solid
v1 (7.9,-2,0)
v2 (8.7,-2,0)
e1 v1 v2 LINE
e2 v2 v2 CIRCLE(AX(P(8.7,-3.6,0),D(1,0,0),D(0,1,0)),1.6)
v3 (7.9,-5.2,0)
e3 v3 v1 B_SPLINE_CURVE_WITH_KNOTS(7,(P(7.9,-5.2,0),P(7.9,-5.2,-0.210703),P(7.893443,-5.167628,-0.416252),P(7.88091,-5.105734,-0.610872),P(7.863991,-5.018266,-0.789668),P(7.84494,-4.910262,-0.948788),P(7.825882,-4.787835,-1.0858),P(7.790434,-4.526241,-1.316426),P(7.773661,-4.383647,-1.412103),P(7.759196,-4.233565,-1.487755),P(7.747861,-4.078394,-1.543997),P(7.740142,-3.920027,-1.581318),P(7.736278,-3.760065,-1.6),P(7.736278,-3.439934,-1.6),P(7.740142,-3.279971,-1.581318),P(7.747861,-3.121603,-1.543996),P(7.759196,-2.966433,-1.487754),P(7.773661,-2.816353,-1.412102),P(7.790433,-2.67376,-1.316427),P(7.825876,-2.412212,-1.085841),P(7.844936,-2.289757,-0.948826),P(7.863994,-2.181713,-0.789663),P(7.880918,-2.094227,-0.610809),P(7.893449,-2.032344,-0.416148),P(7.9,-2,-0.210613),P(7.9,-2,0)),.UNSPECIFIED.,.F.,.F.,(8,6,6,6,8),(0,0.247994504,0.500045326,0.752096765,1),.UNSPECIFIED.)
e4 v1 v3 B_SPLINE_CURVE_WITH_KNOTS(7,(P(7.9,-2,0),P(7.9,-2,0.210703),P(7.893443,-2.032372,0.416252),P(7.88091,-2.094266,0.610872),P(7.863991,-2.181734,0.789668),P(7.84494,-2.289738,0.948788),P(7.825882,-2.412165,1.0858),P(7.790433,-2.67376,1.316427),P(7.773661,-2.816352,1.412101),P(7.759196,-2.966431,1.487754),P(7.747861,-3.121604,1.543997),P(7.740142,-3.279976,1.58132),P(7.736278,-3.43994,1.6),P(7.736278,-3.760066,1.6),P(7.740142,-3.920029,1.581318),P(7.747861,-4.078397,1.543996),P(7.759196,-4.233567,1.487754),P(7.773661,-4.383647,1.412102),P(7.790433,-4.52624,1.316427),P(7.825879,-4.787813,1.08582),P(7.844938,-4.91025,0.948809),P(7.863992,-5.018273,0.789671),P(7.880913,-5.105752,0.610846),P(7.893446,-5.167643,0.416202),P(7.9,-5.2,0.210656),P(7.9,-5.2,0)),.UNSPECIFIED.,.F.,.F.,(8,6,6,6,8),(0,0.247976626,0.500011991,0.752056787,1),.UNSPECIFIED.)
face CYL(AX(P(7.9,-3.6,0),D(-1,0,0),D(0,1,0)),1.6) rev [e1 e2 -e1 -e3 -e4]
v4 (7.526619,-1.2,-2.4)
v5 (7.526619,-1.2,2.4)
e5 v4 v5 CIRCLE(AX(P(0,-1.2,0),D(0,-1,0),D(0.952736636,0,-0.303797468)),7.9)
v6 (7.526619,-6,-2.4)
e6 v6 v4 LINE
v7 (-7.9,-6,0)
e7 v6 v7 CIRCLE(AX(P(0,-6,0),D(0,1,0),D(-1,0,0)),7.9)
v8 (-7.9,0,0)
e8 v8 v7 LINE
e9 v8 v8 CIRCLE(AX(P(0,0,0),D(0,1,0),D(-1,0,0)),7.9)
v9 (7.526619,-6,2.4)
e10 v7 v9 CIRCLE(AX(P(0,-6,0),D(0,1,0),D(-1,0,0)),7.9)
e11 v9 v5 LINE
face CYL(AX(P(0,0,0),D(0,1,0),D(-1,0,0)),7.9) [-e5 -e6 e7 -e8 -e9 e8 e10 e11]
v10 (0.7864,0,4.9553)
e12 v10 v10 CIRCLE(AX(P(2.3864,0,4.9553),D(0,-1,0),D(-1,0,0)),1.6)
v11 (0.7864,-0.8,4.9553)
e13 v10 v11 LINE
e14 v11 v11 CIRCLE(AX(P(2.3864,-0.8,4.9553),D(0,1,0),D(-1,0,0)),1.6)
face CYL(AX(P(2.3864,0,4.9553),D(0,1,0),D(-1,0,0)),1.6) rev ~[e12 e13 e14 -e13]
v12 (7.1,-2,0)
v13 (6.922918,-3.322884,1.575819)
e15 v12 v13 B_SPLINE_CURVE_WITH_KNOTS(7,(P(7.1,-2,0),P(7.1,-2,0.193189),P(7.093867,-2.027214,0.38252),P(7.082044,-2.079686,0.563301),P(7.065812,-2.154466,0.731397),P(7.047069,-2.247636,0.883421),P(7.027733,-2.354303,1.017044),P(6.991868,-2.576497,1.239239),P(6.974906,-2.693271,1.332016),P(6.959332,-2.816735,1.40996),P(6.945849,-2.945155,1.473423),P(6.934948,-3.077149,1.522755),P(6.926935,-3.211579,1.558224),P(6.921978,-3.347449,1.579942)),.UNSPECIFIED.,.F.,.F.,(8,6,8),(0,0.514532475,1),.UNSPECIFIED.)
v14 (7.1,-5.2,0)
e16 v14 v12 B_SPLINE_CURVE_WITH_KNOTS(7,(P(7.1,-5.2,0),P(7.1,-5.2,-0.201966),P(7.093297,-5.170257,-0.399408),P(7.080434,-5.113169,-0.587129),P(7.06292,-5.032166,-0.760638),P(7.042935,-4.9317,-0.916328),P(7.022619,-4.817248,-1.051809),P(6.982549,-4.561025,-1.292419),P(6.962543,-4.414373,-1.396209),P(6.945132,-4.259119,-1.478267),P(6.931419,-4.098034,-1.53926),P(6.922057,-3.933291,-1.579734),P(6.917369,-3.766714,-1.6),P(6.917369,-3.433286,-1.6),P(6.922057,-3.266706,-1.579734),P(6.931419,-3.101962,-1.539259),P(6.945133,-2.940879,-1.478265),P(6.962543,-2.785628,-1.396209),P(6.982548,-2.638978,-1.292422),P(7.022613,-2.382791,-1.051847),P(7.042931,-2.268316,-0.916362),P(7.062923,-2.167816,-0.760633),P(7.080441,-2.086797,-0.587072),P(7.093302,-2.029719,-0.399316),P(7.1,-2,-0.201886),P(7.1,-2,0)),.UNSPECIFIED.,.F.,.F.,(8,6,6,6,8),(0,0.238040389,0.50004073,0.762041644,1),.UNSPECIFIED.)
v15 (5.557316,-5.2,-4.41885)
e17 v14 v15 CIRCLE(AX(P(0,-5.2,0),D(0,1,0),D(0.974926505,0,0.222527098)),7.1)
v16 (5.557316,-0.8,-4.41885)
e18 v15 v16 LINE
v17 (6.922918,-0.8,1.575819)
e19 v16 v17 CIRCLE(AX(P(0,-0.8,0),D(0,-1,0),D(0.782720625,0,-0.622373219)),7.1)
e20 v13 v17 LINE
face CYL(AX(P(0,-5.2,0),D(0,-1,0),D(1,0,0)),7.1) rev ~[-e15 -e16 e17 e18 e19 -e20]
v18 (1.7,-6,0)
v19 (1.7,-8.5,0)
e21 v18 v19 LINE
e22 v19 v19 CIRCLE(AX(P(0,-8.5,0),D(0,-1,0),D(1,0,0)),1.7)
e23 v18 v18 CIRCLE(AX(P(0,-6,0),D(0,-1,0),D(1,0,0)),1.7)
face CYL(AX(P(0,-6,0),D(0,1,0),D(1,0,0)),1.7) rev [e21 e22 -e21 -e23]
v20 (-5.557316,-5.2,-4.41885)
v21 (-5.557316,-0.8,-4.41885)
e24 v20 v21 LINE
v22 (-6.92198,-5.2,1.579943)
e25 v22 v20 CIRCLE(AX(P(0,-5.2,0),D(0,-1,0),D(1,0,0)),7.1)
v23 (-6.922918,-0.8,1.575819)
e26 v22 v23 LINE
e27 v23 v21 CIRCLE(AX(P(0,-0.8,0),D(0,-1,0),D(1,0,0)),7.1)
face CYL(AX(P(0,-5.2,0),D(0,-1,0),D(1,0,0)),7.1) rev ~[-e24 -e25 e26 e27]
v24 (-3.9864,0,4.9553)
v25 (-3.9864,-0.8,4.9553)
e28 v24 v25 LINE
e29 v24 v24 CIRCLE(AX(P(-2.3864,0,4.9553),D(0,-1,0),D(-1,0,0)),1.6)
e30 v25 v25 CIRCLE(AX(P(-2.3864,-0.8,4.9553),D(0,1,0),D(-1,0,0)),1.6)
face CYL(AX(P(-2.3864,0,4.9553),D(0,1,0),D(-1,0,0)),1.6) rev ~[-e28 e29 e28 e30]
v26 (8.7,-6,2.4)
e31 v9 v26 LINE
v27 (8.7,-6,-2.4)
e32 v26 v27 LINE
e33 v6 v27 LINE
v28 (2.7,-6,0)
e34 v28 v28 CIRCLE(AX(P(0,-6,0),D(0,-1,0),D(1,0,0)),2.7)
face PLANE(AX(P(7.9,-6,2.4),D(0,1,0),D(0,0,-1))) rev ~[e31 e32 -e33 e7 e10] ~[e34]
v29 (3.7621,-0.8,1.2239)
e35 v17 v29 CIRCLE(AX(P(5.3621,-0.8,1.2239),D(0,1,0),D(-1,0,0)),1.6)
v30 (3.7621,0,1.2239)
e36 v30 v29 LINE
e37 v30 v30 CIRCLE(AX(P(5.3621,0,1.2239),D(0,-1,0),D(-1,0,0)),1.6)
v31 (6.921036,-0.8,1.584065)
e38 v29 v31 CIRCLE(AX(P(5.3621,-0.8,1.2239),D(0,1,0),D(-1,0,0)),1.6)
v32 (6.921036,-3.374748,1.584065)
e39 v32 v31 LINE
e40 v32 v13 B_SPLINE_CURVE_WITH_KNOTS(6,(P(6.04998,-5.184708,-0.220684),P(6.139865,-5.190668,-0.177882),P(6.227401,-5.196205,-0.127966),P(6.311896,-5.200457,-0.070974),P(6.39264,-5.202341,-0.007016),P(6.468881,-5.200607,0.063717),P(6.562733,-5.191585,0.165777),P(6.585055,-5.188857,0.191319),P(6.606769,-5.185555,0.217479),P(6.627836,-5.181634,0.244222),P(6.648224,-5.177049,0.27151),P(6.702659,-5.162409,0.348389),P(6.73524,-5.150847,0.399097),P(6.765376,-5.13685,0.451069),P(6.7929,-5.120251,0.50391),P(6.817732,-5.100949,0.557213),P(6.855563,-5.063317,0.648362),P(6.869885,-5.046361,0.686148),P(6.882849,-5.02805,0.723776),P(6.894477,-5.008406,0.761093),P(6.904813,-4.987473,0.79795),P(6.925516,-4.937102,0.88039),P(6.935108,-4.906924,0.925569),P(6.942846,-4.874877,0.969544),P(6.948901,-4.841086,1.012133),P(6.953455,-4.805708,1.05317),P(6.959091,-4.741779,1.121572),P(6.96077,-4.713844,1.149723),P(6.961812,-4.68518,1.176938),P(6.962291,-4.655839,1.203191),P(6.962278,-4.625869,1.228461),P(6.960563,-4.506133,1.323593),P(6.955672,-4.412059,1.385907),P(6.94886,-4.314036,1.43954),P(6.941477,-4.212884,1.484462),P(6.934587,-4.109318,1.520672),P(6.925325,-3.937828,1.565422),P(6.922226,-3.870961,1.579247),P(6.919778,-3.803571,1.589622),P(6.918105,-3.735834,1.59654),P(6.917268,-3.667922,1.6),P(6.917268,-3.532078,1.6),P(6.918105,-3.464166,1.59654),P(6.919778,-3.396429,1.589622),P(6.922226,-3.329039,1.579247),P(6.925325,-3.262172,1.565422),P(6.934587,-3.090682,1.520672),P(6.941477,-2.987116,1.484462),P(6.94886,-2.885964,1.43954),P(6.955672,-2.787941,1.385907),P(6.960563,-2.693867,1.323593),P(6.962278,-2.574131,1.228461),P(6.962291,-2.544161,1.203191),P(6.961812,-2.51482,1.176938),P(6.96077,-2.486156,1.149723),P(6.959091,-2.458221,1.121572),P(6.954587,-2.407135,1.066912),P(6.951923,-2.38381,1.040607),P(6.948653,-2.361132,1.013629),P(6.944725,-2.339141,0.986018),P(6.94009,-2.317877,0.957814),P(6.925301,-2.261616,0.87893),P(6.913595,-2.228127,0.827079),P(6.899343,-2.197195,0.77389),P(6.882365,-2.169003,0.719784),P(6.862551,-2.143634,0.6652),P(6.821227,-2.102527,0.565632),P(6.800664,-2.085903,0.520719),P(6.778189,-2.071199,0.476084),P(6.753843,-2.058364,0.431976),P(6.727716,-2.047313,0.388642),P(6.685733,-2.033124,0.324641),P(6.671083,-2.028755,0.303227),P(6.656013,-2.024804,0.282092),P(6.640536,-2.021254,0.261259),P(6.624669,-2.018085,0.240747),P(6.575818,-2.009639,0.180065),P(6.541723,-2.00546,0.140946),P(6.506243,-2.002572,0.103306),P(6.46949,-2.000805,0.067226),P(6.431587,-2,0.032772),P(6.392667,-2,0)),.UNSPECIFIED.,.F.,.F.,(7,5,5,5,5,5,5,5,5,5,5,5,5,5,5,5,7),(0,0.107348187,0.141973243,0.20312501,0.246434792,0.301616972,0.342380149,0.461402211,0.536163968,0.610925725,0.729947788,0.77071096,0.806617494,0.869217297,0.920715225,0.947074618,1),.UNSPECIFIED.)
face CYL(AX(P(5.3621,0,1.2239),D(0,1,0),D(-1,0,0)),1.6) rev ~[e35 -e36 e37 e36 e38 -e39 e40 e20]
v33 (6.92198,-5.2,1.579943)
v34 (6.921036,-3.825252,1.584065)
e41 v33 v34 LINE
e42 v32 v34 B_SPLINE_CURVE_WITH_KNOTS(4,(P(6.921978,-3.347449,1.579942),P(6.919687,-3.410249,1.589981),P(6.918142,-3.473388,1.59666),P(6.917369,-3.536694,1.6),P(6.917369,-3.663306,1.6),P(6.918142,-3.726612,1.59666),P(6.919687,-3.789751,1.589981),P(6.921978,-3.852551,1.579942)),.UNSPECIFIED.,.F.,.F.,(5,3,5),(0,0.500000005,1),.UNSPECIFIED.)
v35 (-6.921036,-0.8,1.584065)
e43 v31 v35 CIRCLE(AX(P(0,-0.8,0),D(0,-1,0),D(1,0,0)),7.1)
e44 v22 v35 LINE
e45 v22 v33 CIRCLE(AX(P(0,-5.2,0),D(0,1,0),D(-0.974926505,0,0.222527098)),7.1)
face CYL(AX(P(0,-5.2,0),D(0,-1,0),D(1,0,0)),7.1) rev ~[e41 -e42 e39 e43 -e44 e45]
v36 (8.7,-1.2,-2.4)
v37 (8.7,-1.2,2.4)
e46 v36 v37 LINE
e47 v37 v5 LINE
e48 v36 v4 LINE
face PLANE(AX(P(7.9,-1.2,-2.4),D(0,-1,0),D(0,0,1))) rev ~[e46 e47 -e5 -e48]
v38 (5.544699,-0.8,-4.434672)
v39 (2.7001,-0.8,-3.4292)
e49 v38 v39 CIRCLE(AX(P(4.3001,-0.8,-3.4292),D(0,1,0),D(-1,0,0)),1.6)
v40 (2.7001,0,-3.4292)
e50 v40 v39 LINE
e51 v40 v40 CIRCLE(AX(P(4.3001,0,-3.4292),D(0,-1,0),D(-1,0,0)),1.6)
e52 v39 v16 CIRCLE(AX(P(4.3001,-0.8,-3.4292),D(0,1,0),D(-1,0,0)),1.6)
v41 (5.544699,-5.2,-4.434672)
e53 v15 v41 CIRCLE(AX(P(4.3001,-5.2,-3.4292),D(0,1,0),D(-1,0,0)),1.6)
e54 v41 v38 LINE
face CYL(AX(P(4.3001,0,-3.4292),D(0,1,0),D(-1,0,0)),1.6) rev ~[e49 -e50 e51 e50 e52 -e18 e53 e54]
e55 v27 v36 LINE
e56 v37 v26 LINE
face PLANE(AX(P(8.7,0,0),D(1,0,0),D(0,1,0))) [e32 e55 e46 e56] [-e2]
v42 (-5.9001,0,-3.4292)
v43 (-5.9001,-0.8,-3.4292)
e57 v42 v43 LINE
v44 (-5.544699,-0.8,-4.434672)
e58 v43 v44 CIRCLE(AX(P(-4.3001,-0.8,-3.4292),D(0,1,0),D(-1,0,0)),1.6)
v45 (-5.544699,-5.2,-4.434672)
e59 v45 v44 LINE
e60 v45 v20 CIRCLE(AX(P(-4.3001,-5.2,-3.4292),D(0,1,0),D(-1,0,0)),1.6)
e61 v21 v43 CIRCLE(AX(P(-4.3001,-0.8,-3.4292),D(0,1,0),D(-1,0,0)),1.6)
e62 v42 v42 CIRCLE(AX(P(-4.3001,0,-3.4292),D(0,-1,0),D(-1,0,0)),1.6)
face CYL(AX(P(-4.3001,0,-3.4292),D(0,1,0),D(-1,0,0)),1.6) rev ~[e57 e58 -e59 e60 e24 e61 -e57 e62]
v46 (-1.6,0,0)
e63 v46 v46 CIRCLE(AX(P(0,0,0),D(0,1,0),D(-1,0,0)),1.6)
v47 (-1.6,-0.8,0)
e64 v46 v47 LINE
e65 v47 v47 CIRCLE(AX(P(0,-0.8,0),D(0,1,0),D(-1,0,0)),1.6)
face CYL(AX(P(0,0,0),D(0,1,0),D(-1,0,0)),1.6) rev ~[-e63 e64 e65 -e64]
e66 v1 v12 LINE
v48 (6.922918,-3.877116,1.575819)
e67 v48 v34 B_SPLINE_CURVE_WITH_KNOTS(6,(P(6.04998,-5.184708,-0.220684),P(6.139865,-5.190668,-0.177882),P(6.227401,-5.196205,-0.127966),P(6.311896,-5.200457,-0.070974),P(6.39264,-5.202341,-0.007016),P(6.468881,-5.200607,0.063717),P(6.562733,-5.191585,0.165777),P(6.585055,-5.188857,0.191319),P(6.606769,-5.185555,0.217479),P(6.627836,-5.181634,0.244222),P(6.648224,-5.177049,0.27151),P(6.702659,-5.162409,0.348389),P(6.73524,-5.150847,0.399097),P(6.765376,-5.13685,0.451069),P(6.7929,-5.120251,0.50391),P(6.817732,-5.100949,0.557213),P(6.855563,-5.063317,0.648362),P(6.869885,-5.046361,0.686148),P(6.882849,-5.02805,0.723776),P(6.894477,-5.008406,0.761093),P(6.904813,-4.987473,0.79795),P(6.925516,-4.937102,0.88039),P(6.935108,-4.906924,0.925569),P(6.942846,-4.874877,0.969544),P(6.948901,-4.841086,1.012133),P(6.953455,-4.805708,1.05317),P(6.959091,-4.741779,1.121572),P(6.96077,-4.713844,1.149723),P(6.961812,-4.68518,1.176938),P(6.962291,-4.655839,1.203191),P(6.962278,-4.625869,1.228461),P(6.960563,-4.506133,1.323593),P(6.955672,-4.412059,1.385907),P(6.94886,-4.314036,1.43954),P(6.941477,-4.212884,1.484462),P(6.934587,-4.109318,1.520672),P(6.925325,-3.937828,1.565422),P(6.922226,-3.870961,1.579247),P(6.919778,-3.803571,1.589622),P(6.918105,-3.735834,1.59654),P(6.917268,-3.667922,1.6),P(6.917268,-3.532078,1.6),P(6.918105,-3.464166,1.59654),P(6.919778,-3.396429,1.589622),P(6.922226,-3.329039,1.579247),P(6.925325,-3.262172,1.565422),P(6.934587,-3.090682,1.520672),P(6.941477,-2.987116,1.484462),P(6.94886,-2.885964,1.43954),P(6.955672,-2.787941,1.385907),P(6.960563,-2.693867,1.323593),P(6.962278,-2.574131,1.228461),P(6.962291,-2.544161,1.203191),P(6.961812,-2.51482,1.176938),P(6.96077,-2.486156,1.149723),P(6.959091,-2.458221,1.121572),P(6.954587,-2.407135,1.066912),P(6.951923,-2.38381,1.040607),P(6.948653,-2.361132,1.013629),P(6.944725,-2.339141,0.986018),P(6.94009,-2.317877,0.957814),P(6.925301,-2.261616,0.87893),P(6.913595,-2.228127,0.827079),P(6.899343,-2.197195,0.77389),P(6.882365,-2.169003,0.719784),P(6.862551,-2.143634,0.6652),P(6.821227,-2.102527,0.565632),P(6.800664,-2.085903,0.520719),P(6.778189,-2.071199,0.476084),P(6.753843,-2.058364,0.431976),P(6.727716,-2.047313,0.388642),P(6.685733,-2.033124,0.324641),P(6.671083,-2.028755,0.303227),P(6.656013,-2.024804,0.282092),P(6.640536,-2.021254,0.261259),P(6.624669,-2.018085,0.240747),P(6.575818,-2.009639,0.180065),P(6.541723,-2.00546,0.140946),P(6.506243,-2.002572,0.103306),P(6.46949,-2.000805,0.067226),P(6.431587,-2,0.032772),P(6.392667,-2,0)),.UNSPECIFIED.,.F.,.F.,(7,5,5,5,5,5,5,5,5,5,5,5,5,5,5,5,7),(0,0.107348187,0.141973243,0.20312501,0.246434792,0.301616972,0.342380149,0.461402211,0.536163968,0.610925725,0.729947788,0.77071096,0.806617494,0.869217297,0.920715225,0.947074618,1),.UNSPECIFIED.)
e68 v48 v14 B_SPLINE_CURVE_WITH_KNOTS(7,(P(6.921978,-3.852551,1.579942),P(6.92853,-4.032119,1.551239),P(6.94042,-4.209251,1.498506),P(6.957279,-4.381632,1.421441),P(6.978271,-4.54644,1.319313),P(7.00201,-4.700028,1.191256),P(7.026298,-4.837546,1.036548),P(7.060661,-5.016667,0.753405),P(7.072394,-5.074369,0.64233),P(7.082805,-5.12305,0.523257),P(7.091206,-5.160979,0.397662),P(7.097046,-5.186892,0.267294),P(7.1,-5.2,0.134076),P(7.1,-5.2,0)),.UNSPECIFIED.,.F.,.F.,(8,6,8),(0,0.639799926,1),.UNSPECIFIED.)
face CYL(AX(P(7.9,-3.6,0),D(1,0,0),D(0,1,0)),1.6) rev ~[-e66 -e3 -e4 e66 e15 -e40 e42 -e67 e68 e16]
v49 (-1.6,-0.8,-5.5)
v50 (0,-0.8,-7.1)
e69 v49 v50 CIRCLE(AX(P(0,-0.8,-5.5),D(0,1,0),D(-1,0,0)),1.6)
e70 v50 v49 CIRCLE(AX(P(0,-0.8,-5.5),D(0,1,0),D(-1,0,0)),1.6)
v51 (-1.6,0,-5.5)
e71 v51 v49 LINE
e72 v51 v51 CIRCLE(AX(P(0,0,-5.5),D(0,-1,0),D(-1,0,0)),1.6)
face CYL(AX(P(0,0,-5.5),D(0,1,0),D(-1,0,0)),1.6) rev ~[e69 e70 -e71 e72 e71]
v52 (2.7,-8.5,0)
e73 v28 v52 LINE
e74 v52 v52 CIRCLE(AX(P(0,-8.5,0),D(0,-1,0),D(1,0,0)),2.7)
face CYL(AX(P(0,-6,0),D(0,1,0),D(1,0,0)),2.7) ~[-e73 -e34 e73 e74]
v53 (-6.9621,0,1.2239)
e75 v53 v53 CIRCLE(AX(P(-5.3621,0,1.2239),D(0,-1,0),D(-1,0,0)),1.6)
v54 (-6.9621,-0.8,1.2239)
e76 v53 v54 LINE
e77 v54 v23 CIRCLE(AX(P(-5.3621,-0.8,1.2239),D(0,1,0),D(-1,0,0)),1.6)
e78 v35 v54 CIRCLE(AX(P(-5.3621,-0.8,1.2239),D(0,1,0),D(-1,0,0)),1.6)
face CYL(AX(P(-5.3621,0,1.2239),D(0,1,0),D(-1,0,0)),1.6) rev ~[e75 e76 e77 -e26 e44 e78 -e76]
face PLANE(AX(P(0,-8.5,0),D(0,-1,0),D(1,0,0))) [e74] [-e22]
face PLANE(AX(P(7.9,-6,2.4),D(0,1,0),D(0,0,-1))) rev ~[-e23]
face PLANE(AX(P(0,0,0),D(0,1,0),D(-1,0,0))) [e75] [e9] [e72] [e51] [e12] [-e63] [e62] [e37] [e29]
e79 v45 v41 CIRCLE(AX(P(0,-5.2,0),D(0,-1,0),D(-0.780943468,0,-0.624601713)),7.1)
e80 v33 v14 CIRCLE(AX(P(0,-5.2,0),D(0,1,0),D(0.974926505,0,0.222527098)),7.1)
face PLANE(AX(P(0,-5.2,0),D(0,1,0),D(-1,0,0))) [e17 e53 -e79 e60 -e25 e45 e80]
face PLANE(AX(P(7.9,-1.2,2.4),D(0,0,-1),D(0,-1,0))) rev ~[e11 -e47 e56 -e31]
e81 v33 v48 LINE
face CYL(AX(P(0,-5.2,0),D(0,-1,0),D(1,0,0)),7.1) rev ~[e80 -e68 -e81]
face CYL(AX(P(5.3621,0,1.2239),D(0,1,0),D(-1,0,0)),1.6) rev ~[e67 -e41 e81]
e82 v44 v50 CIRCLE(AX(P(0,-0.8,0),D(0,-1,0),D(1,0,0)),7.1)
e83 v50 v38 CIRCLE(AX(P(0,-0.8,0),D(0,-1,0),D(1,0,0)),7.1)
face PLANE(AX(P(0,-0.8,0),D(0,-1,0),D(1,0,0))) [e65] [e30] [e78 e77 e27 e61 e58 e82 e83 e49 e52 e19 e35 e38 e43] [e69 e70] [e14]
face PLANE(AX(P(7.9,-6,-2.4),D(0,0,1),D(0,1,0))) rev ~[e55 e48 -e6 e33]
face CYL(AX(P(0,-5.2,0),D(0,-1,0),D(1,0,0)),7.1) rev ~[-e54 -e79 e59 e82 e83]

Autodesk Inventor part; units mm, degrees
ref_plane "XZ Plane" through (0, 0, 0) normal (0, 1, 0) x (-1, 0, 0)
sketch "스케치1" plane through (0, 0, 0) normal (0, 1, 0) x (-1, 0, 0)
  circle A0 centre (0, 0) radius 5.5
  circle A1 centre (0, -5.5) radius 1.6
  circle A2 centre (4.3001, -3.4292) radius 1.6
  circle A3 centre (5.3621, 1.2239) radius 1.6
  circle A4 centre (2.3864, 4.9553) radius 1.6
  circle A5 centre (-2.3864, 4.9553) radius 1.6
  circle A6 centre (-5.3621, 1.2239) radius 1.6
  circle A7 centre (-4.3001, -3.4292) radius 1.6
  circle A8 centre (0, 0) radius 7.9
  circle A9 centre (0, 0) radius 1.6
  dimension "d0" = 11
  dimension "d1" = 3.2
  dimension "d4" = 360
  dimension "d6" = 15.8
  dimension "d7" = 3.2
extrude "돌출1" add sketch "스케치1" against normal blind 6 contours A0 A3 | A0 A3 | A3 A0 A2 A1 A7 A6 A5 A4 | A4 A0 | A0 A4 | A2 A0 | A0 A2 | A5 A0 | A0 A5 | A1 A0 | A0 A1 | A6 A0 | A0 A6 | A7 A0 | A0 A7 | A8 | A9
extrude "돌출2" cut sketch "스케치1" against normal blind 5.2 contours A0 A3 | A0 A3 | A4 A0 | A0 A4 | A2 A0 | A0 A2 | A5 A0 | A0 A5 | A1 A0 | A0 A1 | A6 A0 | A0 A6 | A7 A0 | A0 A7 | A9
ref_plane "작업 평면1" through (7.9, 0, 0) normal (1, 0, 0) x (0, 1, 0)
sketch "스케치2" plane through (7.9, 0, 0) normal (1, 0, 0) x (0, 1, 0)
  line L0 (-6, 7.9) -> (-6, -7.9) projected
  line L1 (0, -7.9) -> (0, 7.9) projected
  line L2 (-1.2, 2.4) -> (-6, 2.4)
  line L3 (-6, 2.4) -> (-6, -2.4)
  line L4 (-6, -2.4) -> (-1.2, -2.4)
  line L5 (-1.2, -2.4) -> (-1.2, 2.4)
  line L6 (-1.2, 2.4) -> (-6, -2.4) construction
  line L7 (-6, 2.4) -> (-1.2, -2.4) construction
  line L8 (0, 0) -> (-6, 0) construction
  circle A0 centre (-3.6, 0) radius 1.6
  point P0 (-6, -2.4)
  dimension "d12" = 4.8
  dimension "d13" = 4.8
  dimension "d14" = 3.2
extrude "돌출3" add sketch "스케치2" against normal blind 0.6
ref_plane "작업 평면3" through (0, -5.2, 0) normal (0, -1, 0) x (1, 0, 0)
sketch "스케치5" plane through (0, -5.2, 0) normal (0, -1, 0) x (1, 0, 0)
  circle A0 centre (-5.3621, 1.2239) radius 1.6 projected
  circle A1 centre (4.3001, -3.4292) radius 1.6 projected
  circle A2 centre (-2.3864, 4.9553) radius 1.6 projected
  circle A3 centre (2.3864, 4.9553) radius 1.6 projected
  circle A4 centre (0, -5.5) radius 1.6 projected
  circle A5 centre (5.3621, 1.2239) radius 1.6 projected
  circle A6 centre (-5.3621, 1.2239) radius 1.6 projected
  circle A7 centre (0, 0) radius 1.6 projected
  circle A8 centre (-4.3001, -3.4292) radius 1.6 projected
  circle A9 centre (0, 0) radius 7.9 projected
  circle A10 centre (0, 0) radius 7.1
extrude "돌출4" cut sketch "스케치5" against normal blind 4.4 contours A0 | A8 | A4 | A1 | A5 | A3 | A2 | A10 | A7
extrude "돌출5" cut sketch "스케치2" against normal blind 1.85 contours A0
extrude "돌출6" add sketch "스케치2" along normal blind 0.8
sketch "스케치7" plane through (0, -6, 0) normal (0, -1, 0) x (1, 0, 0)
  circle A0 centre (0, 0) radius 2.7
  circle A1 centre (0, 0) radius 1.7
  dimension "d29" = 5.4
  dimension "d30" = 3.4
extrude "돌출7" add sketch "스케치7" along normal blind 2.5
properties part number "braided_input_connector_3.2mm_8ea"
